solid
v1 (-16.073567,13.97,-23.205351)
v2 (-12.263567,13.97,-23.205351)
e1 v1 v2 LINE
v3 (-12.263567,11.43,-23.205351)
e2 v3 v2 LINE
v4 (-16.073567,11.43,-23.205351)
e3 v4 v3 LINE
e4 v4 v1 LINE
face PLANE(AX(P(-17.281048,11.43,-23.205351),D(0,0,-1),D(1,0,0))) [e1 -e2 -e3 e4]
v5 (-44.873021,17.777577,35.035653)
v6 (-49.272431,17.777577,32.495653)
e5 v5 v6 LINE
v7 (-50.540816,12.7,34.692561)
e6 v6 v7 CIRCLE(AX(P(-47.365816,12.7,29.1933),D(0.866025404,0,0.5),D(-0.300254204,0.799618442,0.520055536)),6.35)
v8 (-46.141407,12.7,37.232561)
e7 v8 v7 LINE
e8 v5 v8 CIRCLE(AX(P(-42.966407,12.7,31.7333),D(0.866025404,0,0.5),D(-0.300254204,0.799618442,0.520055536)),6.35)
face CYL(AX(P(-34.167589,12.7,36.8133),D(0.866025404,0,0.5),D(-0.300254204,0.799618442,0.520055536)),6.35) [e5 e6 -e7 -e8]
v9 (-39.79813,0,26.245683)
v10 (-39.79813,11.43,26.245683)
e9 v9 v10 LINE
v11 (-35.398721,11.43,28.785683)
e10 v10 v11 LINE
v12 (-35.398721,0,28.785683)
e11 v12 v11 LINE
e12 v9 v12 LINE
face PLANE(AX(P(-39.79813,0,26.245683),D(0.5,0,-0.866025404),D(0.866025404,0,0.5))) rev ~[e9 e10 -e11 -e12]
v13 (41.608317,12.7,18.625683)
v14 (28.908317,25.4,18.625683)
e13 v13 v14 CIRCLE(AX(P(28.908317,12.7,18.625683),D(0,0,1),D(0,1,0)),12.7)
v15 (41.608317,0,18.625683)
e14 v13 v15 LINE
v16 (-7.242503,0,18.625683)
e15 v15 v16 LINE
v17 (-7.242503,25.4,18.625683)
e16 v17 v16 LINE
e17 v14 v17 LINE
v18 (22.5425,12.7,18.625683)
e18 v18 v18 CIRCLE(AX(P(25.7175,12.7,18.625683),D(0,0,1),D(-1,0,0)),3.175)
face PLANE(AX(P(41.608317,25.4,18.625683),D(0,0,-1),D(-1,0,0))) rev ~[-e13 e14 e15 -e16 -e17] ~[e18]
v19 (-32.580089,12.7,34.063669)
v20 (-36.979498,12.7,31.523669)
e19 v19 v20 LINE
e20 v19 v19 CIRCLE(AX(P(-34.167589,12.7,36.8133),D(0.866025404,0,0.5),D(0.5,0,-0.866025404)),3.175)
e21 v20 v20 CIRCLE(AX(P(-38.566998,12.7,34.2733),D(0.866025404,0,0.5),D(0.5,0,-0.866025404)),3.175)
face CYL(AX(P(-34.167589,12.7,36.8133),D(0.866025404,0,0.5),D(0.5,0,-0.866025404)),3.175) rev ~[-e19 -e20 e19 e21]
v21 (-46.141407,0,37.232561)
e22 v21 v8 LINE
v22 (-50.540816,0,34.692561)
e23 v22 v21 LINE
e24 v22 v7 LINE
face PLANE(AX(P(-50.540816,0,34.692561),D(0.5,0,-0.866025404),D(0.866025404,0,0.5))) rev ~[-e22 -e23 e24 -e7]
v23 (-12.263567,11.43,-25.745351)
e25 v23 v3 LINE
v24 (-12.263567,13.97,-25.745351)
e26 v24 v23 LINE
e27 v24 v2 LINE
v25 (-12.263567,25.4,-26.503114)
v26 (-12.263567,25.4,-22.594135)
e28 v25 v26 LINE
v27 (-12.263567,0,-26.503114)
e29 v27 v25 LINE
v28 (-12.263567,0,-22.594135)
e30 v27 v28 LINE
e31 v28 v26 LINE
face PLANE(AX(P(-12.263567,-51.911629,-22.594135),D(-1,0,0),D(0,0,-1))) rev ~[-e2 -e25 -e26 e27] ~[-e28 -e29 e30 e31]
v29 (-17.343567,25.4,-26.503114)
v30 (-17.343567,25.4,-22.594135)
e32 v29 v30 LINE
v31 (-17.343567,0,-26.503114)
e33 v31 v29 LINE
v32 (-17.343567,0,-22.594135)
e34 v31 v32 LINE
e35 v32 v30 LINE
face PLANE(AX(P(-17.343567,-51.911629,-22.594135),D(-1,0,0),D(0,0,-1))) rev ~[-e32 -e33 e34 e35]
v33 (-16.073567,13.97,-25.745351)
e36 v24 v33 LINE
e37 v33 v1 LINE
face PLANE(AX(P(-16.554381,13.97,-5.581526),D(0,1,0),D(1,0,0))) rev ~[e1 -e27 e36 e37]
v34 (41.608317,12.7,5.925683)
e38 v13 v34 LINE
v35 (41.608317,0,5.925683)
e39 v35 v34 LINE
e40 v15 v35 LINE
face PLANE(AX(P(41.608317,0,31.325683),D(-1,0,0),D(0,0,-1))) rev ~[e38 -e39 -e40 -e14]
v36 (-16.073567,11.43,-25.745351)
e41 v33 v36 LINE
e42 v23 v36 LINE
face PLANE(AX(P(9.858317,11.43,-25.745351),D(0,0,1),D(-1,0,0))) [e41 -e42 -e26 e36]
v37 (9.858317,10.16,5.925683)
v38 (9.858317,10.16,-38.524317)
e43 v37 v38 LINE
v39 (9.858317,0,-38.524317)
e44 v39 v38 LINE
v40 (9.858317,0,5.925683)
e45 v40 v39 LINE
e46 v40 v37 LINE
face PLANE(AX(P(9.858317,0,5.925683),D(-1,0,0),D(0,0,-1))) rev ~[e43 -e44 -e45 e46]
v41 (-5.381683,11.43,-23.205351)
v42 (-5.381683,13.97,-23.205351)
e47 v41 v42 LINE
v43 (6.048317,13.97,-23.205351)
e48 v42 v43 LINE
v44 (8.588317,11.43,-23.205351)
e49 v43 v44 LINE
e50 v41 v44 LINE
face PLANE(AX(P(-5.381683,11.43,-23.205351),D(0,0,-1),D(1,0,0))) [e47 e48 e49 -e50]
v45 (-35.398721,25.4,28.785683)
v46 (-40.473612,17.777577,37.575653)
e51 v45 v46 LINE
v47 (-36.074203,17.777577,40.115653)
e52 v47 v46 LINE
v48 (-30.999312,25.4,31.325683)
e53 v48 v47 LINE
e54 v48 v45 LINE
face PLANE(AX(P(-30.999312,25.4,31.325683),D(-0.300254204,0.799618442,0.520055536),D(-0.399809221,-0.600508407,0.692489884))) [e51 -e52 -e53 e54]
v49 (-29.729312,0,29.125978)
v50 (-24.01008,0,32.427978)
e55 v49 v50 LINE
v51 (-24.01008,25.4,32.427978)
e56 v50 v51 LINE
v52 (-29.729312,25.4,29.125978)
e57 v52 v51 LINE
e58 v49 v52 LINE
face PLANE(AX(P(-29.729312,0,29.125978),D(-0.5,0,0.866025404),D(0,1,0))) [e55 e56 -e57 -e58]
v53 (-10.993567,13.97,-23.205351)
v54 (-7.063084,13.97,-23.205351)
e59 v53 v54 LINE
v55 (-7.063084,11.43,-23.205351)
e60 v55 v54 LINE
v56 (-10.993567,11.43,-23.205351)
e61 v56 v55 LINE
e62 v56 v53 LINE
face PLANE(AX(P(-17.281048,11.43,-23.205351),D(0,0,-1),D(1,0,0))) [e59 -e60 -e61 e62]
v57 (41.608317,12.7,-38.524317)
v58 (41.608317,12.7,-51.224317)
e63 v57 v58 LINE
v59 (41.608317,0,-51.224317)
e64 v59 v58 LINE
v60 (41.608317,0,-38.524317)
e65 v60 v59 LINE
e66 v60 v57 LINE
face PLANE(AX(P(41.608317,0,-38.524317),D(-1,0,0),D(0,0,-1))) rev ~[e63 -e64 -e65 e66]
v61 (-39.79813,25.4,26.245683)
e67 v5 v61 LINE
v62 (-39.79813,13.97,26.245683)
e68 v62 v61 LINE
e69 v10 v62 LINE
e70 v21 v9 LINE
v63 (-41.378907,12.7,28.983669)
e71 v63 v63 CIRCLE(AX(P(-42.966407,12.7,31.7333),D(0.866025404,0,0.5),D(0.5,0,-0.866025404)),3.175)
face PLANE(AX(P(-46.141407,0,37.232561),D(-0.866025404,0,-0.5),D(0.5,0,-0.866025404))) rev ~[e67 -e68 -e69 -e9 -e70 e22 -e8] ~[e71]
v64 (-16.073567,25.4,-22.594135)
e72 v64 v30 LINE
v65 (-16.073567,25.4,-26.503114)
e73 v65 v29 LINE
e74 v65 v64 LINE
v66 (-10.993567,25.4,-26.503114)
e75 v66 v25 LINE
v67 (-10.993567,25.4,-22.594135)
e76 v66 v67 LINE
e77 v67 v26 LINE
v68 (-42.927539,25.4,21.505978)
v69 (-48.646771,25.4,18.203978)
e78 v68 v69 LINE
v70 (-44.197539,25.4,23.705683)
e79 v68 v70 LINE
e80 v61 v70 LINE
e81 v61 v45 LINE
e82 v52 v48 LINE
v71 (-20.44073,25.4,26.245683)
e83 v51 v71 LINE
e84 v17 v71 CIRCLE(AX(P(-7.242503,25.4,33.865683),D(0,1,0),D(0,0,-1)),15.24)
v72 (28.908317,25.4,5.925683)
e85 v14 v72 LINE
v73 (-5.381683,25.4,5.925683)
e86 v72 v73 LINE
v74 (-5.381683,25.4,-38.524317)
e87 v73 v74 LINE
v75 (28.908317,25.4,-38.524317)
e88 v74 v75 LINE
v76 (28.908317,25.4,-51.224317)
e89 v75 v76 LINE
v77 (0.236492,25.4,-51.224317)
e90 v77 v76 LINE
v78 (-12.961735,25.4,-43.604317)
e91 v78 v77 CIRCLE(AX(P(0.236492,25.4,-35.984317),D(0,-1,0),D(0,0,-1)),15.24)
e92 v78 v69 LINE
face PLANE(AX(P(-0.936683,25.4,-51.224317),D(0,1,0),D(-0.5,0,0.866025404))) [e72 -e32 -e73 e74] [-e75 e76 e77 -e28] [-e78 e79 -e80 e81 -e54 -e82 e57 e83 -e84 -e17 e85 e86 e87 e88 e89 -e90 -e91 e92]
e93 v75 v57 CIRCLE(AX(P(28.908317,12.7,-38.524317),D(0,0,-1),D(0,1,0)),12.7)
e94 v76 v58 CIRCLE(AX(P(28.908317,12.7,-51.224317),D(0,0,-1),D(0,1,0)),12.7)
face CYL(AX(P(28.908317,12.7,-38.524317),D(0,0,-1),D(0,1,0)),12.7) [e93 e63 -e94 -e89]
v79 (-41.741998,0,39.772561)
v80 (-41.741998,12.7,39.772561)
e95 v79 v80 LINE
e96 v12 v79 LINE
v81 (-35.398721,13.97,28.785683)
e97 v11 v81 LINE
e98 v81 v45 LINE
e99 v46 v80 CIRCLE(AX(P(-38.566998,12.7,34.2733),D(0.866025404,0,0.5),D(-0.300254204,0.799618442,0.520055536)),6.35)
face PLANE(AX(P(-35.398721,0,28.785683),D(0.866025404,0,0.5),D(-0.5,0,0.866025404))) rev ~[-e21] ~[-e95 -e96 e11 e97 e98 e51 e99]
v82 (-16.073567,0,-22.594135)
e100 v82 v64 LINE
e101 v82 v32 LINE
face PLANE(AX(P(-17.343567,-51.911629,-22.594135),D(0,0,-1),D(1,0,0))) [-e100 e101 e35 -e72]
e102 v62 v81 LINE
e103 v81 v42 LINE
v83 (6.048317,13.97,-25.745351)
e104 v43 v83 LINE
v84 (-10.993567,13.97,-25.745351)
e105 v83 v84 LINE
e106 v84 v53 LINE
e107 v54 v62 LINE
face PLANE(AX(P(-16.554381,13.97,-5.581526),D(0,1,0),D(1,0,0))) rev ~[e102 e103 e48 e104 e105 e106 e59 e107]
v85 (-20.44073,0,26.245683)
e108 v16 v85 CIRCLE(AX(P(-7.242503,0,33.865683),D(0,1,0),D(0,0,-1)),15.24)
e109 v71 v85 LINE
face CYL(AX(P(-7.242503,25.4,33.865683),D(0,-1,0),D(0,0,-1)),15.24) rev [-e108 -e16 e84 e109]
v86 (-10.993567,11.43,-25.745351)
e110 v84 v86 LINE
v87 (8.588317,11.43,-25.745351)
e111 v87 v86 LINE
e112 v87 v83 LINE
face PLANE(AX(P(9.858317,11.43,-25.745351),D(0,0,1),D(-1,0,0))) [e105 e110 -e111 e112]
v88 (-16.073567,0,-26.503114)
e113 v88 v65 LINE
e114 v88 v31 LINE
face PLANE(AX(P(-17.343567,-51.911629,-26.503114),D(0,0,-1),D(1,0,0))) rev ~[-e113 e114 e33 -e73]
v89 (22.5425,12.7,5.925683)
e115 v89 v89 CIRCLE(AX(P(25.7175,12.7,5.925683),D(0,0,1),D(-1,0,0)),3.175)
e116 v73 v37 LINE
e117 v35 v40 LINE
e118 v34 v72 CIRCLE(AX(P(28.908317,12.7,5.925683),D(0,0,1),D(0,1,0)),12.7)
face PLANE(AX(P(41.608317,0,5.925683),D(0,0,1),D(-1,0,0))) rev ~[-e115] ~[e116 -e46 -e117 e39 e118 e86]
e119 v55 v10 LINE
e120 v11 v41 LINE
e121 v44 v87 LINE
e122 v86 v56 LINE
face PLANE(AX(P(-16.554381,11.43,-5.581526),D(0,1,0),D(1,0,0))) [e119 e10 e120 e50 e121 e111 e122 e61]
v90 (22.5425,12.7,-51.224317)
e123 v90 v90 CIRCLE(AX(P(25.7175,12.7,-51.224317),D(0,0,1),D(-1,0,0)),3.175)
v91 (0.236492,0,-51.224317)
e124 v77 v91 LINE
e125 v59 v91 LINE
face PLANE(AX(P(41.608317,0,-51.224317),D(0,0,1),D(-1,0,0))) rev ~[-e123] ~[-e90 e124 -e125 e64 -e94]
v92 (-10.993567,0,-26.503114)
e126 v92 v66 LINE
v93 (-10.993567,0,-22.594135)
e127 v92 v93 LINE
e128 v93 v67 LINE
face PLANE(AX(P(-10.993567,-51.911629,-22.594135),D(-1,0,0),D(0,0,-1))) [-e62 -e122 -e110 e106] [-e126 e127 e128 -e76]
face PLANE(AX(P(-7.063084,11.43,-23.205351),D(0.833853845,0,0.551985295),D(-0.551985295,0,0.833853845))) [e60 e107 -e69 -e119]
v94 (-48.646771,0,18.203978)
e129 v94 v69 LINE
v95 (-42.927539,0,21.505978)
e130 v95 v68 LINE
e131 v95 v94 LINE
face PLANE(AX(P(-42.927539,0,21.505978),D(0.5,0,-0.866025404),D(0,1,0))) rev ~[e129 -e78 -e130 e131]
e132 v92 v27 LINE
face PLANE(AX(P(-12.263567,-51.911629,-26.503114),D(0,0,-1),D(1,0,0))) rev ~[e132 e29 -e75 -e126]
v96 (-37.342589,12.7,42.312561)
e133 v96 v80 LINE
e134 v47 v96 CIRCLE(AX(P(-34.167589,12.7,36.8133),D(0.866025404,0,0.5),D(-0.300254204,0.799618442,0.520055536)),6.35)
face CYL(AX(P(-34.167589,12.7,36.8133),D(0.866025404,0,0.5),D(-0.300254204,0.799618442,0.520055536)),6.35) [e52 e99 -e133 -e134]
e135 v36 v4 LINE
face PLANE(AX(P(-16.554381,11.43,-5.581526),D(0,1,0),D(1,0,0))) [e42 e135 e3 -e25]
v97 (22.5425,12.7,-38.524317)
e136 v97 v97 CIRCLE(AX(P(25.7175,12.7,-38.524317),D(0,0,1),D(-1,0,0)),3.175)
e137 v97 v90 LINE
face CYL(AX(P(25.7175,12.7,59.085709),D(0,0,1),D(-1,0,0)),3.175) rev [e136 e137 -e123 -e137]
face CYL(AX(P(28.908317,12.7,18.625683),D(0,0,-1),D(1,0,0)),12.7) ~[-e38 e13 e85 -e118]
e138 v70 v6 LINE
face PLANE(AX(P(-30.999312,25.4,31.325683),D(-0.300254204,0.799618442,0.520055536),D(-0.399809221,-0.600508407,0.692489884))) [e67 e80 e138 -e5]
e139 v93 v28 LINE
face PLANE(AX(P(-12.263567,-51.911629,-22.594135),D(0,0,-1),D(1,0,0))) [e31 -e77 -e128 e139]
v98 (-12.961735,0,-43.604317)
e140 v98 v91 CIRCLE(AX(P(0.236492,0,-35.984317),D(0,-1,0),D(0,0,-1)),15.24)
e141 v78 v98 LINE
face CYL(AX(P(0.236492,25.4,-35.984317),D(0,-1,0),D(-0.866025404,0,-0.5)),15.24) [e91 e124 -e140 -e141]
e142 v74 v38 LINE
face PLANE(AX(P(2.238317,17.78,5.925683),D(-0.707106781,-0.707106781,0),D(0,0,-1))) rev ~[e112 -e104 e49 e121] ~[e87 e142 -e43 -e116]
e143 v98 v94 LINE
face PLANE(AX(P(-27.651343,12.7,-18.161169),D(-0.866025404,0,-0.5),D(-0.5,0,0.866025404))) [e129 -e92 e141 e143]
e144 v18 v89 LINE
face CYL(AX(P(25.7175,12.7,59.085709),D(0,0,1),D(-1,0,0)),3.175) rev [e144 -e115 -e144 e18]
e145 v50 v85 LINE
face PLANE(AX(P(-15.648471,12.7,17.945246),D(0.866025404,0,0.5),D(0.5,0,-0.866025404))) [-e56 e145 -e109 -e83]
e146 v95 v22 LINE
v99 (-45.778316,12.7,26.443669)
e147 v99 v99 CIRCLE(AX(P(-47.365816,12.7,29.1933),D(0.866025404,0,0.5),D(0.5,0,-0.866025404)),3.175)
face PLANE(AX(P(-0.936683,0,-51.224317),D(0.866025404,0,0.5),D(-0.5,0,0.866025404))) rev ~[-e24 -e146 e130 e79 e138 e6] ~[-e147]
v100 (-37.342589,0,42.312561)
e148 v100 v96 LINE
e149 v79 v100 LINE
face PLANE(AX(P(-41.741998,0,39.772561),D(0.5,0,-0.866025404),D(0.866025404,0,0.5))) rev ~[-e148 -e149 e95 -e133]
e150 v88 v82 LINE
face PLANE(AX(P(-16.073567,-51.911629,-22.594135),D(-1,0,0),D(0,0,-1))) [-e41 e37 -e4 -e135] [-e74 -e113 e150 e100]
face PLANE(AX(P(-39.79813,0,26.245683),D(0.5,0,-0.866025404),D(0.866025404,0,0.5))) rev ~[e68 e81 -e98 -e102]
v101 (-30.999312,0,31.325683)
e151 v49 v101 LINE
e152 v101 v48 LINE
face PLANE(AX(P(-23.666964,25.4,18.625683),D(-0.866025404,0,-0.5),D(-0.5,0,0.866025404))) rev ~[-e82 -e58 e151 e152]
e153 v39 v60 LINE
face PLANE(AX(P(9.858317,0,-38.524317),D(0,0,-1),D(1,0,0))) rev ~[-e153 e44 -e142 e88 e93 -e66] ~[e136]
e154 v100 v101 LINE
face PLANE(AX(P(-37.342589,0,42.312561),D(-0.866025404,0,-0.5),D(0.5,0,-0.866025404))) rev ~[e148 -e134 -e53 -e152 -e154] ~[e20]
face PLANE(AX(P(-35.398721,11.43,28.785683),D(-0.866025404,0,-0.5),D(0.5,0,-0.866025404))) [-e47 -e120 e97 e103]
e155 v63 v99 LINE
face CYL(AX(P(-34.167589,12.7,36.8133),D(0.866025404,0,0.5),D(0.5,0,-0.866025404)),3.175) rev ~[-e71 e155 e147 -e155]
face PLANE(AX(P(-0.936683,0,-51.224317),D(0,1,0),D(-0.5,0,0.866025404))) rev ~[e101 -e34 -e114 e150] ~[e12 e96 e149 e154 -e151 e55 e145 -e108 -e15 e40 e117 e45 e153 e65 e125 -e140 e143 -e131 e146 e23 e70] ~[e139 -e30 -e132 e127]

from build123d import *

# Parameters (mm, degrees)
BOSS_EXTRUDE1_DEPTH     = 25.4
CUT_EXTRUDE1_DEPTH      = 110.310025801
CUT_EXTRUDE1_DEPTH_BACK = 110.310025801
SKETCH8_R               = 3.175
SKETCH9_R               = 3.175
CUT_EXTRUDE2_DEPTH      = 25.4
CUT_EXTRUDE3_DEPTH      = 75.639044044
CUT_EXTRUDE4_DEPTH      = 25.4
SKETCH14_W              = 33.446436581
SKETCH14_H              = 25.4
BOSS_EXTRUDE2_DEPTH     = 6.604
SKETCH15_W              = 83.98171134
SKETCH15_H              = 25.4
BOSS_EXTRUDE3_DEPTH     = 6.604
CUT_EXTRUDE5_DEPTH      = 79.566235631
FILLET11_R              = 12.7
CHAMFER1_SIZE           = 15.24
FILLET12_R              = 15.24
CUT_EXTRUDE6_DEPTH      = 1.27
CUT_EXTRUDE6_DEPTH_BACK = 1.27
CUT_EXTRUDE7_DEPTH      = 77.311629432
CUT_EXTRUDE7_DEPTH_BACK = 77.311629432
SKETCH21_W              = 1.27
SKETCH21_H              = 3.908978547


with BuildPart() as part:
    # Sketch2 → Boss-Extrude1 (new body)
    with BuildSketch(Plane(origin=(0, 0, 0), x_dir=(1, 0, 0), z_dir=(0, 1, 0))):
        Polygon((-0.93668344, 51.22431719), (-50.540816327, -34.692561236), (-46.141407275, -37.232561236), (-39.798130059, -26.24568281), (-35.398721007, -28.78568281), (-41.741998224, -39.772561236), (-37.342589173, -42.312561236), (-30.999311956, -31.32568281), (41.60831656, -31.32568281), (41.60831656, -5.92568281), (9.85831656, -5.92568281), (9.85831656, 38.52431719), (41.60831656, 38.52431719), (41.60831656, 51.22431719), align=None)
    extrude(amount=BOSS_EXTRUDE1_DEPTH)

    # Sketch8 → Cut-Extrude1 (cut, two sides: drawn at the far end of the back side and taken through both)
    with BuildSketch(Plane(origin=(0, 0, -51.22431719), x_dir=(-1, 0, 0), z_dir=(0, 0, -1)).offset(-CUT_EXTRUDE1_DEPTH_BACK)):
        with Locations((-25.7175, 12.7)):
            Circle(SKETCH8_R)
    extrude(amount=CUT_EXTRUDE1_DEPTH + CUT_EXTRUDE1_DEPTH_BACK, mode=Mode.SUBTRACT)

    # Sketch9 → Cut-Extrude2 (cut)
    with BuildSketch(Plane(origin=(-9.685065415, 0, -5.591675124), x_dir=(0.5000000000000036, 0, -0.8660254037844367), z_dir=(0.8660254037844366, 0, 0.5000000000000034))):
        with Locations((-48.965047516, 12.7)):
            Circle(SKETCH9_R)
    extrude(amount=-CUT_EXTRUDE2_DEPTH, mode=Mode.SUBTRACT)

    # Sketch11 → Cut-Extrude3 (cut, through all)
    with BuildSketch(Plane(origin=(-9.685065415, 0, -5.591675124), x_dir=(0.5000000000000036, 0, -0.8660254037844367), z_dir=(0.8660254037844366, 0, 0.5000000000000034))):
        with BuildLine():
            Line((-42.628493082, 25.4), (-52.778275903, 17.777577106))
            ThreePointArc((-52.778275903, 17.777577106), (-54.645562469, 15.538001034), (-55.315047516, 12.7))
            Line((-55.315047516, 12.7), (-55.315047516, 25.4))
            Line((-55.315047516, 25.4), (-42.628493082, 25.4))
        make_face()
    extrude(amount=-CUT_EXTRUDE3_DEPTH, mode=Mode.SUBTRACT)

    # Sketch12 → Cut-Extrude4 (cut)
    with BuildSketch(Plane(origin=(0, 25.4, 0), x_dir=(1, 0, 0), z_dir=(0, 1, 0))):
        Polygon((41.60831656, -18.62568281), (-23.666963538, -18.62568281), (-30.999311956, -31.32568281), (41.60831656, -31.32568281), align=None)
    extrude(amount=-CUT_EXTRUDE4_DEPTH, mode=Mode.SUBTRACT)

    # Sketch14 → Boss-Extrude2 (add)
    with BuildSketch(Plane(origin=(-9.685065415, 0, -5.591675124), x_dir=(0.5000000000000036, 0, -0.8660254037844367), z_dir=(0.8660254037844366, 0, 0.5000000000000034))):
        with Locations((-23.365274791, 12.7)):
            Rectangle(SKETCH14_W, SKETCH14_H)
    extrude(amount=BOSS_EXTRUDE2_DEPTH)

    # Sketch15 → Boss-Extrude3 (add)
    with BuildSketch(Plane(origin=(-22.883292569, 0, -13.211675124), x_dir=(-0.5000000000000002, 0, 0.8660254037844386), z_dir=(-0.8660254037844385, 0, -0.5000000000000001))):
        with Locations((-1.902362588, 12.7)):
            Rectangle(SKETCH15_W, SKETCH15_H)
    extrude(amount=BOSS_EXTRUDE3_DEPTH)

    # Sketch16 → Cut-Extrude5 (cut, through all)
    with BuildSketch(Plane(origin=(0, 25.4, 0), x_dir=(1, 0, 0), z_dir=(0, 1, 0))):
        Polygon((-0.93668344, 51.22431719), (-8.562325795, 51.22431719), (-6.655915206, 54.52631719), align=None)
    extrude(amount=-CUT_EXTRUDE5_DEPTH, mode=Mode.SUBTRACT)

    # Fillet11
    fillet11_edges = [part.edges().sort_by_distance(p)[0] for p in [
        (41.60831656, 25.4, -44.87431719),
        (41.60831656, 25.4, 12.27568281),
    ]]
    fillet(fillet11_edges, radius=FILLET11_R)

    # Chamfer1
    chamfer1_edges = [part.edges().sort_by_distance(p)[0] for p in [
        (9.85831656, 25.4, -16.29931719),
    ]]
    chamfer(chamfer1_edges, length=CHAMFER1_SIZE)

    # Fillet12
    fillet12_edges = [part.edges().sort_by_distance(p)[0] for p in [
        (-16.041321182, 12.7, 18.62568281),
        (-8.562325795, 12.7, -51.22431719),
    ]]
    fillet(fillet12_edges, radius=FILLET12_R)

    # Sketch19 → Cut-Extrude6 (cut, two sides: drawn at the far end of the back side and taken through both)
    with BuildSketch(Plane(origin=(0, 12.7, 0), x_dir=(1, 0, 0), z_dir=(0, 1, 0)).offset(-CUT_EXTRUDE6_DEPTH_BACK)):
        Polygon((-39.798130059, -26.24568281), (-35.398721007, -28.78568281), (-5.38168344, 23.20535135), (9.85831656, 23.20535135), (9.85831656, 25.74535135), (-5.38168344, 25.74535135), (-17.281047632, 25.74535135), (-17.281047632, 23.20535135), (-7.063084393, 23.20535135), align=None)
    extrude(amount=CUT_EXTRUDE6_DEPTH + CUT_EXTRUDE6_DEPTH_BACK, mode=Mode.SUBTRACT)

    # Sketch21 → Cut-Extrude7 (cut, two sides: drawn at the far end of the back side and taken through both)
    with BuildSketch(Plane(origin=(0, 25.4, 0), x_dir=(1, 0, 0), z_dir=(0, 1, 0)).offset(-CUT_EXTRUDE7_DEPTH_BACK)):
        with Locations((-16.708566929, 24.548624707)):
            Rectangle(SKETCH21_W, SKETCH21_H)
        with Locations((-11.628566929, 24.548624707)):
            Rectangle(SKETCH21_W, SKETCH21_H)
    extrude(amount=CUT_EXTRUDE7_DEPTH + CUT_EXTRUDE7_DEPTH_BACK, mode=Mode.SUBTRACT)


solid = part.part
